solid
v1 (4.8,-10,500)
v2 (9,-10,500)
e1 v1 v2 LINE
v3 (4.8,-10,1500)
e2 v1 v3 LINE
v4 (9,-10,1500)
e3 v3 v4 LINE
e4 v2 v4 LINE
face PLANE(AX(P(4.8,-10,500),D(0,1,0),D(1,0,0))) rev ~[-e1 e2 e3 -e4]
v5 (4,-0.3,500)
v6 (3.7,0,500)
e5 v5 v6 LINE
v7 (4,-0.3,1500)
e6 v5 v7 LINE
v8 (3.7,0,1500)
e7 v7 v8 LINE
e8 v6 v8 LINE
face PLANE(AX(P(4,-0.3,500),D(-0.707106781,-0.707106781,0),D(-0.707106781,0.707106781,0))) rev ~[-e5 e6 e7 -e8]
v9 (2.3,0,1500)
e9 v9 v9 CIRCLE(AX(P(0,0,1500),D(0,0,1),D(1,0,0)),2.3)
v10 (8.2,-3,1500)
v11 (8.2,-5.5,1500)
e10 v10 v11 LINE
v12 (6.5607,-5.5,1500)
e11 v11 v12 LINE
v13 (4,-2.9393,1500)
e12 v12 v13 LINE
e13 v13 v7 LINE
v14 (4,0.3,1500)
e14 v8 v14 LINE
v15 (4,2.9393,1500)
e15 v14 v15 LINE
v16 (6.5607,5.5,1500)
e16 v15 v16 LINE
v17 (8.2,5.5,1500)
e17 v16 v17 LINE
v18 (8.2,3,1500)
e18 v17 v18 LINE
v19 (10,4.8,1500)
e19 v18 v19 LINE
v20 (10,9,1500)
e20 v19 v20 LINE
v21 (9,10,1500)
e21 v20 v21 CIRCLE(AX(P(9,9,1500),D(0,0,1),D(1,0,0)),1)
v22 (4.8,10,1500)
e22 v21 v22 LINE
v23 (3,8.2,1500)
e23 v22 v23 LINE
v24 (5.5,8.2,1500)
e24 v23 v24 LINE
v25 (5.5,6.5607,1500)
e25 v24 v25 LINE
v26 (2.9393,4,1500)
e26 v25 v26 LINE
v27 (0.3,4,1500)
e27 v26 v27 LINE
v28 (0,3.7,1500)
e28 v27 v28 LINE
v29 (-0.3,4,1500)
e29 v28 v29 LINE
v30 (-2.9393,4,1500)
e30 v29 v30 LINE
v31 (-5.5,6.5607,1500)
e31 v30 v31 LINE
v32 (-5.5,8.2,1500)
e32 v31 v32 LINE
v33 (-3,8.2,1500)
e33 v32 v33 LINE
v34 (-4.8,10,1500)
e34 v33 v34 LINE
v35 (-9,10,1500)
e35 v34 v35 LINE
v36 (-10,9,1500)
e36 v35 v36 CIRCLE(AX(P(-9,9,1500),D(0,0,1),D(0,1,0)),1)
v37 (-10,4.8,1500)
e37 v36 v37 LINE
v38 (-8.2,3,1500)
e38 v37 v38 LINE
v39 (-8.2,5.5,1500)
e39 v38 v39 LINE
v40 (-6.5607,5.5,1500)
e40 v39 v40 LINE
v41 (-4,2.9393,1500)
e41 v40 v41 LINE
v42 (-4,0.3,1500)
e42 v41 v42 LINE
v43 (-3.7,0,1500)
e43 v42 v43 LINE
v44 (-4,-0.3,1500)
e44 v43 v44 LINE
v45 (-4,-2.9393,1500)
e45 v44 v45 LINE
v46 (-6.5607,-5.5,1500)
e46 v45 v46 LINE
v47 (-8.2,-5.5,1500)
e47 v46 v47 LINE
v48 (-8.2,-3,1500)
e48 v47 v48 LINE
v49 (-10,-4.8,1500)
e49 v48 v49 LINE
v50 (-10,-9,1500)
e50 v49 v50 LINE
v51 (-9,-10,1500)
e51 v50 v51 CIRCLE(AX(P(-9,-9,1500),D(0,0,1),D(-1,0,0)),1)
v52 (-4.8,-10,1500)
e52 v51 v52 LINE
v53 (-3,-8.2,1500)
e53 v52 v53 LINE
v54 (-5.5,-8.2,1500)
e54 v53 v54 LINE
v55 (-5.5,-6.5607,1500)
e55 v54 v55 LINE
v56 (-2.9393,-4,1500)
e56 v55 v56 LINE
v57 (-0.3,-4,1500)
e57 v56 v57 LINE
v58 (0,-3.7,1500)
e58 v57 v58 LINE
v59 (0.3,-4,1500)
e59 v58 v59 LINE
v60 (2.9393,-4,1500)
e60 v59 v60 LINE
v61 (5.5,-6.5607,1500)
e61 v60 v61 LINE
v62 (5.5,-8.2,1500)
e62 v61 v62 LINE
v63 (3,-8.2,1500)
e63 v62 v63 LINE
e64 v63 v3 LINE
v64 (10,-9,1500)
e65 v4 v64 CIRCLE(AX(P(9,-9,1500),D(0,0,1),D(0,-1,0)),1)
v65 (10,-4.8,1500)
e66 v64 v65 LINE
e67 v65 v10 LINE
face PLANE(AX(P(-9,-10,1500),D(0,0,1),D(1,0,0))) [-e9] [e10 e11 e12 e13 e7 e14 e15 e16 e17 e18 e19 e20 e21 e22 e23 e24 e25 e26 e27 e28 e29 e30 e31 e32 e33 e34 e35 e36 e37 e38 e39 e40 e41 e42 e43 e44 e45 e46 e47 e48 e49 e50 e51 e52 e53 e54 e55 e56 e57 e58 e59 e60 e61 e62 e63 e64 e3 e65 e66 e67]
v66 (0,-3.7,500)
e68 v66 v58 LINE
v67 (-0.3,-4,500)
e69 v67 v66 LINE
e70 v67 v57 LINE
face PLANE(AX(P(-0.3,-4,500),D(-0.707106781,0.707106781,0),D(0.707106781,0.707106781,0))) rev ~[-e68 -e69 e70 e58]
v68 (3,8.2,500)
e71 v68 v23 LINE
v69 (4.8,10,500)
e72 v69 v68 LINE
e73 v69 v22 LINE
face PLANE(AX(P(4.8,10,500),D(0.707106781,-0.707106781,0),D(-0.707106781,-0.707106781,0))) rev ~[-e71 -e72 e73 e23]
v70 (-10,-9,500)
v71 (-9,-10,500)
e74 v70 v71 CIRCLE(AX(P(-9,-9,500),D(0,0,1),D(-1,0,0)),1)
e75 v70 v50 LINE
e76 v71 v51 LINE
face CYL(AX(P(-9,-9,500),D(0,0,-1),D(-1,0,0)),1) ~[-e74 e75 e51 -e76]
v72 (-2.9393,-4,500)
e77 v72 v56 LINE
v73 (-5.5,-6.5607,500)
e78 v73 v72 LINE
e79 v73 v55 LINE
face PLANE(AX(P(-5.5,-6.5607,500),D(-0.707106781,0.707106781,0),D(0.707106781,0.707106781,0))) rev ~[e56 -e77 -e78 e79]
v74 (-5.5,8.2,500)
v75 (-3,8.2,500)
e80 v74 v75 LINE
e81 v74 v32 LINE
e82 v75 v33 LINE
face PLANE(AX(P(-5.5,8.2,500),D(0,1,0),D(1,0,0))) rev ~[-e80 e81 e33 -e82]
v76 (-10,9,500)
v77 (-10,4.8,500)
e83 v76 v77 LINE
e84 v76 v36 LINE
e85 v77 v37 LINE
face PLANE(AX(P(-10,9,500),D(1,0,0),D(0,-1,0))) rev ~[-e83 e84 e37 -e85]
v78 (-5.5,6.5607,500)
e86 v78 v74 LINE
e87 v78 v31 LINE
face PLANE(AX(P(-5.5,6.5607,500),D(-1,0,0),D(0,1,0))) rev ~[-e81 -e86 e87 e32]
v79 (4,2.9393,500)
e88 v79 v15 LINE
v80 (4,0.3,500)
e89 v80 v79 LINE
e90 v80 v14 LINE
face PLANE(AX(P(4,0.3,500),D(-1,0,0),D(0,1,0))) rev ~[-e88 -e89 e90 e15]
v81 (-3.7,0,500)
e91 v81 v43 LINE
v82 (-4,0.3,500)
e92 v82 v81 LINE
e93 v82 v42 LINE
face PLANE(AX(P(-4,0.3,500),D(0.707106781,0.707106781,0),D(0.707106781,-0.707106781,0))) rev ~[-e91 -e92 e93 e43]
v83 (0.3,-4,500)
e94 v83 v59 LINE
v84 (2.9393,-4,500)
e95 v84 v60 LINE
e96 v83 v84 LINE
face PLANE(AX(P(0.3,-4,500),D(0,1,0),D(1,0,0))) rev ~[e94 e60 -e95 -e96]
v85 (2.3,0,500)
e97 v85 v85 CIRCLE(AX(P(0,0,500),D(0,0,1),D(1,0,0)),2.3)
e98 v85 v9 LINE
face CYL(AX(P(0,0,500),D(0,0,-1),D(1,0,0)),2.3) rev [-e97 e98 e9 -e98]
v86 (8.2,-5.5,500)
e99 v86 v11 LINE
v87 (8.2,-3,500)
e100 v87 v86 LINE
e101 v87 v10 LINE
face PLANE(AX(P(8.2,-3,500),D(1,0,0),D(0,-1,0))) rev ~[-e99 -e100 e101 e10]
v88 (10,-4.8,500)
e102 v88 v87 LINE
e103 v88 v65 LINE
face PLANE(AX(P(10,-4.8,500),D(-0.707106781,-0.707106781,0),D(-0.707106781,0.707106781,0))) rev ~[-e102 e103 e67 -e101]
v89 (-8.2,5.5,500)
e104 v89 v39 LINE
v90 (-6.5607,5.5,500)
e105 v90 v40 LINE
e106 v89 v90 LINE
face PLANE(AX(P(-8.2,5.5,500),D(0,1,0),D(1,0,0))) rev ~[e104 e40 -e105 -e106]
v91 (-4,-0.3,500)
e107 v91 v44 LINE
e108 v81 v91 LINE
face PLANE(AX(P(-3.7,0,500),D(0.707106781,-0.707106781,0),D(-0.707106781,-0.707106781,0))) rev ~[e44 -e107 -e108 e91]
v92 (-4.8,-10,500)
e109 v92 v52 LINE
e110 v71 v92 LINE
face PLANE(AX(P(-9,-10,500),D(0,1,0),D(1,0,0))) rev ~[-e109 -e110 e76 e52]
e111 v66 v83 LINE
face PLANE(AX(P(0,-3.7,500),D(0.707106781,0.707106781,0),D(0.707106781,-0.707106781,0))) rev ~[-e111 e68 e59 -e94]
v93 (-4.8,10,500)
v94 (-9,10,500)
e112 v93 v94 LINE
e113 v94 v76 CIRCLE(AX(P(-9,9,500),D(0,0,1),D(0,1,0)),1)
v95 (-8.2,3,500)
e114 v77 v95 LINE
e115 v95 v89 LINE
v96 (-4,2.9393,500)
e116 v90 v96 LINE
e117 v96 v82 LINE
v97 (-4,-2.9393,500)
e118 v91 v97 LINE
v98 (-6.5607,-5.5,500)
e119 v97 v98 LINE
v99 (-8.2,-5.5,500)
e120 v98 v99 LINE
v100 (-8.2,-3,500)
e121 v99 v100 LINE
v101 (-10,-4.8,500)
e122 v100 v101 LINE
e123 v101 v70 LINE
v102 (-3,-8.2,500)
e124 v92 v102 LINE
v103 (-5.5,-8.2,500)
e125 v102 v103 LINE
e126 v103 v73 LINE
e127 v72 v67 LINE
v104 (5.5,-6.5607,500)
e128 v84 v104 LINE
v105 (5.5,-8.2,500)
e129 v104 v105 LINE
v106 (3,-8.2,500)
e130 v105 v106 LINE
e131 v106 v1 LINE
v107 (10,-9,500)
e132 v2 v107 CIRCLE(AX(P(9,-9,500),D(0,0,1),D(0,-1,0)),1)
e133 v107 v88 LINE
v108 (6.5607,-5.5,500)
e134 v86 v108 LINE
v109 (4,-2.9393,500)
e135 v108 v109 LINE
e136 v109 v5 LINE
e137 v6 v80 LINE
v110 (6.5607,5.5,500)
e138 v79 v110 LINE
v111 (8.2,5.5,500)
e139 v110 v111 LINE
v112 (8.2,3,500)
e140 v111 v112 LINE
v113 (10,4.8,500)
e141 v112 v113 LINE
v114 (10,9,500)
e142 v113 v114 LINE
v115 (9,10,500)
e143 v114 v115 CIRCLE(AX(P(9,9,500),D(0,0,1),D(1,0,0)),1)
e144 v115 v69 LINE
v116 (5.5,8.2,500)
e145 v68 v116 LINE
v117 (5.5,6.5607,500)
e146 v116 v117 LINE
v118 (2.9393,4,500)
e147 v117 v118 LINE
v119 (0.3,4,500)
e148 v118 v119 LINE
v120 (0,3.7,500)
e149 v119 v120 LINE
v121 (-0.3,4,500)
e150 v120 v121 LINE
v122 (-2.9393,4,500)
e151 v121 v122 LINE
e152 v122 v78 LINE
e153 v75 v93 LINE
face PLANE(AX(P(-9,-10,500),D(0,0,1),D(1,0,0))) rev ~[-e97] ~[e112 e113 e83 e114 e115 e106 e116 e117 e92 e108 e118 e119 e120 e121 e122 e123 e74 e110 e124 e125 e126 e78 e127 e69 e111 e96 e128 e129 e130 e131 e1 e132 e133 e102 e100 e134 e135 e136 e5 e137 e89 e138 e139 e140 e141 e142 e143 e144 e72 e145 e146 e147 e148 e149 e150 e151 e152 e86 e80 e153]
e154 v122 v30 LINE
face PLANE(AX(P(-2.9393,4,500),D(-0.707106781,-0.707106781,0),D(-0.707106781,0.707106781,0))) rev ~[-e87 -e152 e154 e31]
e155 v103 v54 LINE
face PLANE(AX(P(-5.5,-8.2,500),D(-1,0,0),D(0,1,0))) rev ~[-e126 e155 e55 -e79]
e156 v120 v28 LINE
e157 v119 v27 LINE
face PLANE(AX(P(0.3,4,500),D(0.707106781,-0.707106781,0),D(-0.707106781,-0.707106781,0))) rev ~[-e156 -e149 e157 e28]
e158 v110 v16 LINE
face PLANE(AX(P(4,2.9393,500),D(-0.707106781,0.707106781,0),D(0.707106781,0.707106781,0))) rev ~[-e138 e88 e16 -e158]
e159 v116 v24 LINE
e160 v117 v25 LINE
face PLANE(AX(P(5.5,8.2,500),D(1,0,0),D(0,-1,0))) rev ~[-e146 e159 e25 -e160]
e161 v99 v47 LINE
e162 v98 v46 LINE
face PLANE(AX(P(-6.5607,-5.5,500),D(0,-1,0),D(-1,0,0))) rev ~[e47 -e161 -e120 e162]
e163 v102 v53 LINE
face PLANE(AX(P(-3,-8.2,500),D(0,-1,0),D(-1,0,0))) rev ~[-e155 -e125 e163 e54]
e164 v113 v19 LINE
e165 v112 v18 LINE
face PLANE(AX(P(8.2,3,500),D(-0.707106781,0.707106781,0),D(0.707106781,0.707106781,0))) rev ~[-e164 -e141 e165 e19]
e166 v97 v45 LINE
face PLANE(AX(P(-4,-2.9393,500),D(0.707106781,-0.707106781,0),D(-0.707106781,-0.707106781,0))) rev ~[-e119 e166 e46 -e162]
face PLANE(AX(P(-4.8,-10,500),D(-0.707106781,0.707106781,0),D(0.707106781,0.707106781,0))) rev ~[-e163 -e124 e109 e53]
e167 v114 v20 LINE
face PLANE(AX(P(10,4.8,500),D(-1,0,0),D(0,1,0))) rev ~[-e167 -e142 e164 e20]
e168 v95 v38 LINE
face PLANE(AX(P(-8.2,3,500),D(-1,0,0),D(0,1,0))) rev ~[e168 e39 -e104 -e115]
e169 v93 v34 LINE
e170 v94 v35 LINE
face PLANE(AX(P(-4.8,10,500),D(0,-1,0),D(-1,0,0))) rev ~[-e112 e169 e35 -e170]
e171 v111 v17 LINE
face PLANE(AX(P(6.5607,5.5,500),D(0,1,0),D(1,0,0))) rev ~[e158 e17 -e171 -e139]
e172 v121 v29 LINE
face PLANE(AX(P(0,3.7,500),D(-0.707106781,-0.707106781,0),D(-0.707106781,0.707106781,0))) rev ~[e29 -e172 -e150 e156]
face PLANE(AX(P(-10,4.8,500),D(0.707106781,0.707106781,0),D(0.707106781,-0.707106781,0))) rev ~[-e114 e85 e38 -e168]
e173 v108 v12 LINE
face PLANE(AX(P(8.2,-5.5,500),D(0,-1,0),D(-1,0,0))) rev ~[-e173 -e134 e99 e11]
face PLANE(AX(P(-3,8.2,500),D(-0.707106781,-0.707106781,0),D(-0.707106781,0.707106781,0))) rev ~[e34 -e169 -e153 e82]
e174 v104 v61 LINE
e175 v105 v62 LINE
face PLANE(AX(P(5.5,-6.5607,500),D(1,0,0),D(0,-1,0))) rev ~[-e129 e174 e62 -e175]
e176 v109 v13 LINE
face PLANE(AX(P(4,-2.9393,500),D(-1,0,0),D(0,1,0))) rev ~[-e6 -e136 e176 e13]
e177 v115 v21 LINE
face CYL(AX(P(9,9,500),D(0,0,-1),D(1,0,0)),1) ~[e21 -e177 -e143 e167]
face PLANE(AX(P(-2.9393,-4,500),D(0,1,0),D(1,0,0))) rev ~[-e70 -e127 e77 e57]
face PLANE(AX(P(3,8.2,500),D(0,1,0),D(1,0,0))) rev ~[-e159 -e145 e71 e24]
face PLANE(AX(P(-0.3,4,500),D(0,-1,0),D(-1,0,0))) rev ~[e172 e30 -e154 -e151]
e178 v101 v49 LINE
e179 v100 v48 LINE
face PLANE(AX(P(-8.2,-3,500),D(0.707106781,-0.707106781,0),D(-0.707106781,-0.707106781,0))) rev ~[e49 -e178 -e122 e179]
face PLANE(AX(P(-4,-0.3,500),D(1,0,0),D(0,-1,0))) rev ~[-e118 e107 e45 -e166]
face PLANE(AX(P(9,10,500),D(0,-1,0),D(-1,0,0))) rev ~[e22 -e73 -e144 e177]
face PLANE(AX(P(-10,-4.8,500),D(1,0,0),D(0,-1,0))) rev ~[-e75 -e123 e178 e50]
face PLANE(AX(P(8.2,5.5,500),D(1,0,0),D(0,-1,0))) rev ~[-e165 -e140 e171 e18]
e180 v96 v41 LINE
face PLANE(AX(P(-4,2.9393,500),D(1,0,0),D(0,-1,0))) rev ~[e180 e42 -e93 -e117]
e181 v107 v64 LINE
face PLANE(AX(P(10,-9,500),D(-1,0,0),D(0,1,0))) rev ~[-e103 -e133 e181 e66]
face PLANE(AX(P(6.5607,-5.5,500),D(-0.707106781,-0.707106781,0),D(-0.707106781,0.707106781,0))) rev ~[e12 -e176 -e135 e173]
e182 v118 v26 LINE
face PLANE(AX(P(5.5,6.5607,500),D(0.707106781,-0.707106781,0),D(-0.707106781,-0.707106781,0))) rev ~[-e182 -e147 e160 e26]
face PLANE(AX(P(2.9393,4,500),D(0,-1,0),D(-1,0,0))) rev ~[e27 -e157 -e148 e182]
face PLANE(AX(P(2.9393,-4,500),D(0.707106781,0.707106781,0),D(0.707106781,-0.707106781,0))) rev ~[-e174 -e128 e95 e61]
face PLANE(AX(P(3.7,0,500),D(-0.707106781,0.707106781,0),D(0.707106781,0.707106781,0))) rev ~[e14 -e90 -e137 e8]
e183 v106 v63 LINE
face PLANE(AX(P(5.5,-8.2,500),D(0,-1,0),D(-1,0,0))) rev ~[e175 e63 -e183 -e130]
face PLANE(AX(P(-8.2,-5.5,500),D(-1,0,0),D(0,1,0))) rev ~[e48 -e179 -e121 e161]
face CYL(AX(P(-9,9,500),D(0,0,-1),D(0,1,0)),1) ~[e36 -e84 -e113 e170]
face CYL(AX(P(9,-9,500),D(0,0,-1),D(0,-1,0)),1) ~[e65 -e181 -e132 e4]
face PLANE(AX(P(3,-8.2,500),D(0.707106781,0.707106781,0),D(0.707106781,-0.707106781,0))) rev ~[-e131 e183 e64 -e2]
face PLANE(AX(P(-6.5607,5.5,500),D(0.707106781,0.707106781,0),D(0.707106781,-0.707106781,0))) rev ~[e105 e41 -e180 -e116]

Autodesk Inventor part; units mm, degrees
ref_plane "YZ Plane" through (0, 0, 0) normal (1, 0, 0) x (0, 1, 0)
ref_plane "Plano1" through (0, 0, -500) normal (0, 0, 1) x (1, 0, 0)
ref_plane "Plano de trabalho2" through (-9, -10, 500) normal (0, 0, 1) x (1, 0, 0)
sketch "Esboço1" plane through (-9, -10, 500) normal (0, 0, 1) x (1, 0, 0)
  arc A0 (-1, 1) -> (0, 0) centre (0, 1) ccw projected
  line L0 (0, 0) -> (4.2, 0) projected
  line L1 (4.2, 0) -> (6, 1.8) projected
  line L2 (6, 1.8) -> (3.5, 1.8) projected
  line L3 (3.5, 1.8) -> (3.5, 3.4393) projected
  line L4 (3.5, 3.4393) -> (6.0607, 6) projected
  line L5 (6.0607, 6) -> (8.7, 6) projected
  line L6 (8.7, 6) -> (9, 6.3) projected
  line L7 (9, 6.3) -> (9.3, 6) projected
  line L8 (9.3, 6) -> (11.9393, 6) projected
  line L9 (11.9393, 6) -> (14.5, 3.4393) projected
  line L10 (14.5, 3.4393) -> (14.5, 1.8) projected
  line L11 (14.5, 1.8) -> (12, 1.8) projected
  line L12 (12, 1.8) -> (13.8, 0) projected
  line L13 (13.8, 0) -> (18, 0) projected
  arc A1 (18, 0) -> (19, 1) centre (18, 1) ccw projected
  line L14 (19, 1) -> (19, 5.2) projected
  line L15 (19, 5.2) -> (17.2, 7) projected
  line L16 (17.2, 7) -> (17.2, 4.5) projected
  line L17 (17.2, 4.5) -> (15.5607, 4.5) projected
  line L18 (15.5607, 4.5) -> (13, 7.0607) projected
  line L19 (13, 7.0607) -> (13, 9.7) projected
  line L20 (13, 9.7) -> (12.7, 10) projected
  line L21 (12.7, 10) -> (13, 10.3) projected
  line L22 (13, 10.3) -> (13, 12.9393) projected
  line L23 (13, 12.9393) -> (15.5607, 15.5) projected
  line L24 (15.5607, 15.5) -> (17.2, 15.5) projected
  line L25 (17.2, 15.5) -> (17.2, 13) projected
  line L26 (17.2, 13) -> (19, 14.8) projected
  line L27 (19, 14.8) -> (19, 19) projected
  arc A2 (19, 19) -> (18, 20) centre (18, 19) ccw projected
  line L28 (18, 20) -> (13.8, 20) projected
  line L29 (13.8, 20) -> (12, 18.2) projected
  line L30 (12, 18.2) -> (14.5, 18.2) projected
  line L31 (14.5, 18.2) -> (14.5, 16.5607) projected
  line L32 (14.5, 16.5607) -> (11.9393, 14) projected
  line L33 (11.9393, 14) -> (9.3, 14) projected
  line L34 (9.3, 14) -> (9, 13.7) projected
  line L35 (9, 13.7) -> (8.7, 14) projected
  line L36 (8.7, 14) -> (6.0607, 14) projected
  line L37 (6.0607, 14) -> (3.5, 16.5607) projected
  line L38 (3.5, 16.5607) -> (3.5, 18.2) projected
  line L39 (3.5, 18.2) -> (6, 18.2) projected
  line L40 (6, 18.2) -> (4.2, 20) projected
  line L41 (4.2, 20) -> (0, 20) projected
  arc A3 (0, 20) -> (-1, 19) centre (0, 19) ccw projected
  line L42 (-1, 19) -> (-1, 14.8) projected
  line L43 (-1, 14.8) -> (0.8, 13) projected
  line L44 (0.8, 13) -> (0.8, 15.5) projected
  line L45 (0.8, 15.5) -> (2.4393, 15.5) projected
  line L46 (2.4393, 15.5) -> (5, 12.9393) projected
  line L47 (5, 12.9393) -> (5, 10.3) projected
  line L48 (5, 10.3) -> (5.3, 10) projected
  line L49 (5.3, 10) -> (5, 9.7) projected
  line L50 (5, 9.7) -> (5, 7.0607) projected
  line L51 (5, 7.0607) -> (2.4393, 4.5) projected
  line L52 (2.4393, 4.5) -> (0.8, 4.5) projected
  line L53 (0.8, 4.5) -> (0.8, 7) projected
  line L54 (0.8, 7) -> (-1, 5.2) projected
  line L55 (-1, 5.2) -> (-1, 1) projected
  circle A4 centre (9, 10) radius 2.3 projected
extrude "Extrusão1" add sketch "Esboço1" along normal blind 1000
properties part number "PERFIL 2020 V-SLOT" material "6063-T5"
